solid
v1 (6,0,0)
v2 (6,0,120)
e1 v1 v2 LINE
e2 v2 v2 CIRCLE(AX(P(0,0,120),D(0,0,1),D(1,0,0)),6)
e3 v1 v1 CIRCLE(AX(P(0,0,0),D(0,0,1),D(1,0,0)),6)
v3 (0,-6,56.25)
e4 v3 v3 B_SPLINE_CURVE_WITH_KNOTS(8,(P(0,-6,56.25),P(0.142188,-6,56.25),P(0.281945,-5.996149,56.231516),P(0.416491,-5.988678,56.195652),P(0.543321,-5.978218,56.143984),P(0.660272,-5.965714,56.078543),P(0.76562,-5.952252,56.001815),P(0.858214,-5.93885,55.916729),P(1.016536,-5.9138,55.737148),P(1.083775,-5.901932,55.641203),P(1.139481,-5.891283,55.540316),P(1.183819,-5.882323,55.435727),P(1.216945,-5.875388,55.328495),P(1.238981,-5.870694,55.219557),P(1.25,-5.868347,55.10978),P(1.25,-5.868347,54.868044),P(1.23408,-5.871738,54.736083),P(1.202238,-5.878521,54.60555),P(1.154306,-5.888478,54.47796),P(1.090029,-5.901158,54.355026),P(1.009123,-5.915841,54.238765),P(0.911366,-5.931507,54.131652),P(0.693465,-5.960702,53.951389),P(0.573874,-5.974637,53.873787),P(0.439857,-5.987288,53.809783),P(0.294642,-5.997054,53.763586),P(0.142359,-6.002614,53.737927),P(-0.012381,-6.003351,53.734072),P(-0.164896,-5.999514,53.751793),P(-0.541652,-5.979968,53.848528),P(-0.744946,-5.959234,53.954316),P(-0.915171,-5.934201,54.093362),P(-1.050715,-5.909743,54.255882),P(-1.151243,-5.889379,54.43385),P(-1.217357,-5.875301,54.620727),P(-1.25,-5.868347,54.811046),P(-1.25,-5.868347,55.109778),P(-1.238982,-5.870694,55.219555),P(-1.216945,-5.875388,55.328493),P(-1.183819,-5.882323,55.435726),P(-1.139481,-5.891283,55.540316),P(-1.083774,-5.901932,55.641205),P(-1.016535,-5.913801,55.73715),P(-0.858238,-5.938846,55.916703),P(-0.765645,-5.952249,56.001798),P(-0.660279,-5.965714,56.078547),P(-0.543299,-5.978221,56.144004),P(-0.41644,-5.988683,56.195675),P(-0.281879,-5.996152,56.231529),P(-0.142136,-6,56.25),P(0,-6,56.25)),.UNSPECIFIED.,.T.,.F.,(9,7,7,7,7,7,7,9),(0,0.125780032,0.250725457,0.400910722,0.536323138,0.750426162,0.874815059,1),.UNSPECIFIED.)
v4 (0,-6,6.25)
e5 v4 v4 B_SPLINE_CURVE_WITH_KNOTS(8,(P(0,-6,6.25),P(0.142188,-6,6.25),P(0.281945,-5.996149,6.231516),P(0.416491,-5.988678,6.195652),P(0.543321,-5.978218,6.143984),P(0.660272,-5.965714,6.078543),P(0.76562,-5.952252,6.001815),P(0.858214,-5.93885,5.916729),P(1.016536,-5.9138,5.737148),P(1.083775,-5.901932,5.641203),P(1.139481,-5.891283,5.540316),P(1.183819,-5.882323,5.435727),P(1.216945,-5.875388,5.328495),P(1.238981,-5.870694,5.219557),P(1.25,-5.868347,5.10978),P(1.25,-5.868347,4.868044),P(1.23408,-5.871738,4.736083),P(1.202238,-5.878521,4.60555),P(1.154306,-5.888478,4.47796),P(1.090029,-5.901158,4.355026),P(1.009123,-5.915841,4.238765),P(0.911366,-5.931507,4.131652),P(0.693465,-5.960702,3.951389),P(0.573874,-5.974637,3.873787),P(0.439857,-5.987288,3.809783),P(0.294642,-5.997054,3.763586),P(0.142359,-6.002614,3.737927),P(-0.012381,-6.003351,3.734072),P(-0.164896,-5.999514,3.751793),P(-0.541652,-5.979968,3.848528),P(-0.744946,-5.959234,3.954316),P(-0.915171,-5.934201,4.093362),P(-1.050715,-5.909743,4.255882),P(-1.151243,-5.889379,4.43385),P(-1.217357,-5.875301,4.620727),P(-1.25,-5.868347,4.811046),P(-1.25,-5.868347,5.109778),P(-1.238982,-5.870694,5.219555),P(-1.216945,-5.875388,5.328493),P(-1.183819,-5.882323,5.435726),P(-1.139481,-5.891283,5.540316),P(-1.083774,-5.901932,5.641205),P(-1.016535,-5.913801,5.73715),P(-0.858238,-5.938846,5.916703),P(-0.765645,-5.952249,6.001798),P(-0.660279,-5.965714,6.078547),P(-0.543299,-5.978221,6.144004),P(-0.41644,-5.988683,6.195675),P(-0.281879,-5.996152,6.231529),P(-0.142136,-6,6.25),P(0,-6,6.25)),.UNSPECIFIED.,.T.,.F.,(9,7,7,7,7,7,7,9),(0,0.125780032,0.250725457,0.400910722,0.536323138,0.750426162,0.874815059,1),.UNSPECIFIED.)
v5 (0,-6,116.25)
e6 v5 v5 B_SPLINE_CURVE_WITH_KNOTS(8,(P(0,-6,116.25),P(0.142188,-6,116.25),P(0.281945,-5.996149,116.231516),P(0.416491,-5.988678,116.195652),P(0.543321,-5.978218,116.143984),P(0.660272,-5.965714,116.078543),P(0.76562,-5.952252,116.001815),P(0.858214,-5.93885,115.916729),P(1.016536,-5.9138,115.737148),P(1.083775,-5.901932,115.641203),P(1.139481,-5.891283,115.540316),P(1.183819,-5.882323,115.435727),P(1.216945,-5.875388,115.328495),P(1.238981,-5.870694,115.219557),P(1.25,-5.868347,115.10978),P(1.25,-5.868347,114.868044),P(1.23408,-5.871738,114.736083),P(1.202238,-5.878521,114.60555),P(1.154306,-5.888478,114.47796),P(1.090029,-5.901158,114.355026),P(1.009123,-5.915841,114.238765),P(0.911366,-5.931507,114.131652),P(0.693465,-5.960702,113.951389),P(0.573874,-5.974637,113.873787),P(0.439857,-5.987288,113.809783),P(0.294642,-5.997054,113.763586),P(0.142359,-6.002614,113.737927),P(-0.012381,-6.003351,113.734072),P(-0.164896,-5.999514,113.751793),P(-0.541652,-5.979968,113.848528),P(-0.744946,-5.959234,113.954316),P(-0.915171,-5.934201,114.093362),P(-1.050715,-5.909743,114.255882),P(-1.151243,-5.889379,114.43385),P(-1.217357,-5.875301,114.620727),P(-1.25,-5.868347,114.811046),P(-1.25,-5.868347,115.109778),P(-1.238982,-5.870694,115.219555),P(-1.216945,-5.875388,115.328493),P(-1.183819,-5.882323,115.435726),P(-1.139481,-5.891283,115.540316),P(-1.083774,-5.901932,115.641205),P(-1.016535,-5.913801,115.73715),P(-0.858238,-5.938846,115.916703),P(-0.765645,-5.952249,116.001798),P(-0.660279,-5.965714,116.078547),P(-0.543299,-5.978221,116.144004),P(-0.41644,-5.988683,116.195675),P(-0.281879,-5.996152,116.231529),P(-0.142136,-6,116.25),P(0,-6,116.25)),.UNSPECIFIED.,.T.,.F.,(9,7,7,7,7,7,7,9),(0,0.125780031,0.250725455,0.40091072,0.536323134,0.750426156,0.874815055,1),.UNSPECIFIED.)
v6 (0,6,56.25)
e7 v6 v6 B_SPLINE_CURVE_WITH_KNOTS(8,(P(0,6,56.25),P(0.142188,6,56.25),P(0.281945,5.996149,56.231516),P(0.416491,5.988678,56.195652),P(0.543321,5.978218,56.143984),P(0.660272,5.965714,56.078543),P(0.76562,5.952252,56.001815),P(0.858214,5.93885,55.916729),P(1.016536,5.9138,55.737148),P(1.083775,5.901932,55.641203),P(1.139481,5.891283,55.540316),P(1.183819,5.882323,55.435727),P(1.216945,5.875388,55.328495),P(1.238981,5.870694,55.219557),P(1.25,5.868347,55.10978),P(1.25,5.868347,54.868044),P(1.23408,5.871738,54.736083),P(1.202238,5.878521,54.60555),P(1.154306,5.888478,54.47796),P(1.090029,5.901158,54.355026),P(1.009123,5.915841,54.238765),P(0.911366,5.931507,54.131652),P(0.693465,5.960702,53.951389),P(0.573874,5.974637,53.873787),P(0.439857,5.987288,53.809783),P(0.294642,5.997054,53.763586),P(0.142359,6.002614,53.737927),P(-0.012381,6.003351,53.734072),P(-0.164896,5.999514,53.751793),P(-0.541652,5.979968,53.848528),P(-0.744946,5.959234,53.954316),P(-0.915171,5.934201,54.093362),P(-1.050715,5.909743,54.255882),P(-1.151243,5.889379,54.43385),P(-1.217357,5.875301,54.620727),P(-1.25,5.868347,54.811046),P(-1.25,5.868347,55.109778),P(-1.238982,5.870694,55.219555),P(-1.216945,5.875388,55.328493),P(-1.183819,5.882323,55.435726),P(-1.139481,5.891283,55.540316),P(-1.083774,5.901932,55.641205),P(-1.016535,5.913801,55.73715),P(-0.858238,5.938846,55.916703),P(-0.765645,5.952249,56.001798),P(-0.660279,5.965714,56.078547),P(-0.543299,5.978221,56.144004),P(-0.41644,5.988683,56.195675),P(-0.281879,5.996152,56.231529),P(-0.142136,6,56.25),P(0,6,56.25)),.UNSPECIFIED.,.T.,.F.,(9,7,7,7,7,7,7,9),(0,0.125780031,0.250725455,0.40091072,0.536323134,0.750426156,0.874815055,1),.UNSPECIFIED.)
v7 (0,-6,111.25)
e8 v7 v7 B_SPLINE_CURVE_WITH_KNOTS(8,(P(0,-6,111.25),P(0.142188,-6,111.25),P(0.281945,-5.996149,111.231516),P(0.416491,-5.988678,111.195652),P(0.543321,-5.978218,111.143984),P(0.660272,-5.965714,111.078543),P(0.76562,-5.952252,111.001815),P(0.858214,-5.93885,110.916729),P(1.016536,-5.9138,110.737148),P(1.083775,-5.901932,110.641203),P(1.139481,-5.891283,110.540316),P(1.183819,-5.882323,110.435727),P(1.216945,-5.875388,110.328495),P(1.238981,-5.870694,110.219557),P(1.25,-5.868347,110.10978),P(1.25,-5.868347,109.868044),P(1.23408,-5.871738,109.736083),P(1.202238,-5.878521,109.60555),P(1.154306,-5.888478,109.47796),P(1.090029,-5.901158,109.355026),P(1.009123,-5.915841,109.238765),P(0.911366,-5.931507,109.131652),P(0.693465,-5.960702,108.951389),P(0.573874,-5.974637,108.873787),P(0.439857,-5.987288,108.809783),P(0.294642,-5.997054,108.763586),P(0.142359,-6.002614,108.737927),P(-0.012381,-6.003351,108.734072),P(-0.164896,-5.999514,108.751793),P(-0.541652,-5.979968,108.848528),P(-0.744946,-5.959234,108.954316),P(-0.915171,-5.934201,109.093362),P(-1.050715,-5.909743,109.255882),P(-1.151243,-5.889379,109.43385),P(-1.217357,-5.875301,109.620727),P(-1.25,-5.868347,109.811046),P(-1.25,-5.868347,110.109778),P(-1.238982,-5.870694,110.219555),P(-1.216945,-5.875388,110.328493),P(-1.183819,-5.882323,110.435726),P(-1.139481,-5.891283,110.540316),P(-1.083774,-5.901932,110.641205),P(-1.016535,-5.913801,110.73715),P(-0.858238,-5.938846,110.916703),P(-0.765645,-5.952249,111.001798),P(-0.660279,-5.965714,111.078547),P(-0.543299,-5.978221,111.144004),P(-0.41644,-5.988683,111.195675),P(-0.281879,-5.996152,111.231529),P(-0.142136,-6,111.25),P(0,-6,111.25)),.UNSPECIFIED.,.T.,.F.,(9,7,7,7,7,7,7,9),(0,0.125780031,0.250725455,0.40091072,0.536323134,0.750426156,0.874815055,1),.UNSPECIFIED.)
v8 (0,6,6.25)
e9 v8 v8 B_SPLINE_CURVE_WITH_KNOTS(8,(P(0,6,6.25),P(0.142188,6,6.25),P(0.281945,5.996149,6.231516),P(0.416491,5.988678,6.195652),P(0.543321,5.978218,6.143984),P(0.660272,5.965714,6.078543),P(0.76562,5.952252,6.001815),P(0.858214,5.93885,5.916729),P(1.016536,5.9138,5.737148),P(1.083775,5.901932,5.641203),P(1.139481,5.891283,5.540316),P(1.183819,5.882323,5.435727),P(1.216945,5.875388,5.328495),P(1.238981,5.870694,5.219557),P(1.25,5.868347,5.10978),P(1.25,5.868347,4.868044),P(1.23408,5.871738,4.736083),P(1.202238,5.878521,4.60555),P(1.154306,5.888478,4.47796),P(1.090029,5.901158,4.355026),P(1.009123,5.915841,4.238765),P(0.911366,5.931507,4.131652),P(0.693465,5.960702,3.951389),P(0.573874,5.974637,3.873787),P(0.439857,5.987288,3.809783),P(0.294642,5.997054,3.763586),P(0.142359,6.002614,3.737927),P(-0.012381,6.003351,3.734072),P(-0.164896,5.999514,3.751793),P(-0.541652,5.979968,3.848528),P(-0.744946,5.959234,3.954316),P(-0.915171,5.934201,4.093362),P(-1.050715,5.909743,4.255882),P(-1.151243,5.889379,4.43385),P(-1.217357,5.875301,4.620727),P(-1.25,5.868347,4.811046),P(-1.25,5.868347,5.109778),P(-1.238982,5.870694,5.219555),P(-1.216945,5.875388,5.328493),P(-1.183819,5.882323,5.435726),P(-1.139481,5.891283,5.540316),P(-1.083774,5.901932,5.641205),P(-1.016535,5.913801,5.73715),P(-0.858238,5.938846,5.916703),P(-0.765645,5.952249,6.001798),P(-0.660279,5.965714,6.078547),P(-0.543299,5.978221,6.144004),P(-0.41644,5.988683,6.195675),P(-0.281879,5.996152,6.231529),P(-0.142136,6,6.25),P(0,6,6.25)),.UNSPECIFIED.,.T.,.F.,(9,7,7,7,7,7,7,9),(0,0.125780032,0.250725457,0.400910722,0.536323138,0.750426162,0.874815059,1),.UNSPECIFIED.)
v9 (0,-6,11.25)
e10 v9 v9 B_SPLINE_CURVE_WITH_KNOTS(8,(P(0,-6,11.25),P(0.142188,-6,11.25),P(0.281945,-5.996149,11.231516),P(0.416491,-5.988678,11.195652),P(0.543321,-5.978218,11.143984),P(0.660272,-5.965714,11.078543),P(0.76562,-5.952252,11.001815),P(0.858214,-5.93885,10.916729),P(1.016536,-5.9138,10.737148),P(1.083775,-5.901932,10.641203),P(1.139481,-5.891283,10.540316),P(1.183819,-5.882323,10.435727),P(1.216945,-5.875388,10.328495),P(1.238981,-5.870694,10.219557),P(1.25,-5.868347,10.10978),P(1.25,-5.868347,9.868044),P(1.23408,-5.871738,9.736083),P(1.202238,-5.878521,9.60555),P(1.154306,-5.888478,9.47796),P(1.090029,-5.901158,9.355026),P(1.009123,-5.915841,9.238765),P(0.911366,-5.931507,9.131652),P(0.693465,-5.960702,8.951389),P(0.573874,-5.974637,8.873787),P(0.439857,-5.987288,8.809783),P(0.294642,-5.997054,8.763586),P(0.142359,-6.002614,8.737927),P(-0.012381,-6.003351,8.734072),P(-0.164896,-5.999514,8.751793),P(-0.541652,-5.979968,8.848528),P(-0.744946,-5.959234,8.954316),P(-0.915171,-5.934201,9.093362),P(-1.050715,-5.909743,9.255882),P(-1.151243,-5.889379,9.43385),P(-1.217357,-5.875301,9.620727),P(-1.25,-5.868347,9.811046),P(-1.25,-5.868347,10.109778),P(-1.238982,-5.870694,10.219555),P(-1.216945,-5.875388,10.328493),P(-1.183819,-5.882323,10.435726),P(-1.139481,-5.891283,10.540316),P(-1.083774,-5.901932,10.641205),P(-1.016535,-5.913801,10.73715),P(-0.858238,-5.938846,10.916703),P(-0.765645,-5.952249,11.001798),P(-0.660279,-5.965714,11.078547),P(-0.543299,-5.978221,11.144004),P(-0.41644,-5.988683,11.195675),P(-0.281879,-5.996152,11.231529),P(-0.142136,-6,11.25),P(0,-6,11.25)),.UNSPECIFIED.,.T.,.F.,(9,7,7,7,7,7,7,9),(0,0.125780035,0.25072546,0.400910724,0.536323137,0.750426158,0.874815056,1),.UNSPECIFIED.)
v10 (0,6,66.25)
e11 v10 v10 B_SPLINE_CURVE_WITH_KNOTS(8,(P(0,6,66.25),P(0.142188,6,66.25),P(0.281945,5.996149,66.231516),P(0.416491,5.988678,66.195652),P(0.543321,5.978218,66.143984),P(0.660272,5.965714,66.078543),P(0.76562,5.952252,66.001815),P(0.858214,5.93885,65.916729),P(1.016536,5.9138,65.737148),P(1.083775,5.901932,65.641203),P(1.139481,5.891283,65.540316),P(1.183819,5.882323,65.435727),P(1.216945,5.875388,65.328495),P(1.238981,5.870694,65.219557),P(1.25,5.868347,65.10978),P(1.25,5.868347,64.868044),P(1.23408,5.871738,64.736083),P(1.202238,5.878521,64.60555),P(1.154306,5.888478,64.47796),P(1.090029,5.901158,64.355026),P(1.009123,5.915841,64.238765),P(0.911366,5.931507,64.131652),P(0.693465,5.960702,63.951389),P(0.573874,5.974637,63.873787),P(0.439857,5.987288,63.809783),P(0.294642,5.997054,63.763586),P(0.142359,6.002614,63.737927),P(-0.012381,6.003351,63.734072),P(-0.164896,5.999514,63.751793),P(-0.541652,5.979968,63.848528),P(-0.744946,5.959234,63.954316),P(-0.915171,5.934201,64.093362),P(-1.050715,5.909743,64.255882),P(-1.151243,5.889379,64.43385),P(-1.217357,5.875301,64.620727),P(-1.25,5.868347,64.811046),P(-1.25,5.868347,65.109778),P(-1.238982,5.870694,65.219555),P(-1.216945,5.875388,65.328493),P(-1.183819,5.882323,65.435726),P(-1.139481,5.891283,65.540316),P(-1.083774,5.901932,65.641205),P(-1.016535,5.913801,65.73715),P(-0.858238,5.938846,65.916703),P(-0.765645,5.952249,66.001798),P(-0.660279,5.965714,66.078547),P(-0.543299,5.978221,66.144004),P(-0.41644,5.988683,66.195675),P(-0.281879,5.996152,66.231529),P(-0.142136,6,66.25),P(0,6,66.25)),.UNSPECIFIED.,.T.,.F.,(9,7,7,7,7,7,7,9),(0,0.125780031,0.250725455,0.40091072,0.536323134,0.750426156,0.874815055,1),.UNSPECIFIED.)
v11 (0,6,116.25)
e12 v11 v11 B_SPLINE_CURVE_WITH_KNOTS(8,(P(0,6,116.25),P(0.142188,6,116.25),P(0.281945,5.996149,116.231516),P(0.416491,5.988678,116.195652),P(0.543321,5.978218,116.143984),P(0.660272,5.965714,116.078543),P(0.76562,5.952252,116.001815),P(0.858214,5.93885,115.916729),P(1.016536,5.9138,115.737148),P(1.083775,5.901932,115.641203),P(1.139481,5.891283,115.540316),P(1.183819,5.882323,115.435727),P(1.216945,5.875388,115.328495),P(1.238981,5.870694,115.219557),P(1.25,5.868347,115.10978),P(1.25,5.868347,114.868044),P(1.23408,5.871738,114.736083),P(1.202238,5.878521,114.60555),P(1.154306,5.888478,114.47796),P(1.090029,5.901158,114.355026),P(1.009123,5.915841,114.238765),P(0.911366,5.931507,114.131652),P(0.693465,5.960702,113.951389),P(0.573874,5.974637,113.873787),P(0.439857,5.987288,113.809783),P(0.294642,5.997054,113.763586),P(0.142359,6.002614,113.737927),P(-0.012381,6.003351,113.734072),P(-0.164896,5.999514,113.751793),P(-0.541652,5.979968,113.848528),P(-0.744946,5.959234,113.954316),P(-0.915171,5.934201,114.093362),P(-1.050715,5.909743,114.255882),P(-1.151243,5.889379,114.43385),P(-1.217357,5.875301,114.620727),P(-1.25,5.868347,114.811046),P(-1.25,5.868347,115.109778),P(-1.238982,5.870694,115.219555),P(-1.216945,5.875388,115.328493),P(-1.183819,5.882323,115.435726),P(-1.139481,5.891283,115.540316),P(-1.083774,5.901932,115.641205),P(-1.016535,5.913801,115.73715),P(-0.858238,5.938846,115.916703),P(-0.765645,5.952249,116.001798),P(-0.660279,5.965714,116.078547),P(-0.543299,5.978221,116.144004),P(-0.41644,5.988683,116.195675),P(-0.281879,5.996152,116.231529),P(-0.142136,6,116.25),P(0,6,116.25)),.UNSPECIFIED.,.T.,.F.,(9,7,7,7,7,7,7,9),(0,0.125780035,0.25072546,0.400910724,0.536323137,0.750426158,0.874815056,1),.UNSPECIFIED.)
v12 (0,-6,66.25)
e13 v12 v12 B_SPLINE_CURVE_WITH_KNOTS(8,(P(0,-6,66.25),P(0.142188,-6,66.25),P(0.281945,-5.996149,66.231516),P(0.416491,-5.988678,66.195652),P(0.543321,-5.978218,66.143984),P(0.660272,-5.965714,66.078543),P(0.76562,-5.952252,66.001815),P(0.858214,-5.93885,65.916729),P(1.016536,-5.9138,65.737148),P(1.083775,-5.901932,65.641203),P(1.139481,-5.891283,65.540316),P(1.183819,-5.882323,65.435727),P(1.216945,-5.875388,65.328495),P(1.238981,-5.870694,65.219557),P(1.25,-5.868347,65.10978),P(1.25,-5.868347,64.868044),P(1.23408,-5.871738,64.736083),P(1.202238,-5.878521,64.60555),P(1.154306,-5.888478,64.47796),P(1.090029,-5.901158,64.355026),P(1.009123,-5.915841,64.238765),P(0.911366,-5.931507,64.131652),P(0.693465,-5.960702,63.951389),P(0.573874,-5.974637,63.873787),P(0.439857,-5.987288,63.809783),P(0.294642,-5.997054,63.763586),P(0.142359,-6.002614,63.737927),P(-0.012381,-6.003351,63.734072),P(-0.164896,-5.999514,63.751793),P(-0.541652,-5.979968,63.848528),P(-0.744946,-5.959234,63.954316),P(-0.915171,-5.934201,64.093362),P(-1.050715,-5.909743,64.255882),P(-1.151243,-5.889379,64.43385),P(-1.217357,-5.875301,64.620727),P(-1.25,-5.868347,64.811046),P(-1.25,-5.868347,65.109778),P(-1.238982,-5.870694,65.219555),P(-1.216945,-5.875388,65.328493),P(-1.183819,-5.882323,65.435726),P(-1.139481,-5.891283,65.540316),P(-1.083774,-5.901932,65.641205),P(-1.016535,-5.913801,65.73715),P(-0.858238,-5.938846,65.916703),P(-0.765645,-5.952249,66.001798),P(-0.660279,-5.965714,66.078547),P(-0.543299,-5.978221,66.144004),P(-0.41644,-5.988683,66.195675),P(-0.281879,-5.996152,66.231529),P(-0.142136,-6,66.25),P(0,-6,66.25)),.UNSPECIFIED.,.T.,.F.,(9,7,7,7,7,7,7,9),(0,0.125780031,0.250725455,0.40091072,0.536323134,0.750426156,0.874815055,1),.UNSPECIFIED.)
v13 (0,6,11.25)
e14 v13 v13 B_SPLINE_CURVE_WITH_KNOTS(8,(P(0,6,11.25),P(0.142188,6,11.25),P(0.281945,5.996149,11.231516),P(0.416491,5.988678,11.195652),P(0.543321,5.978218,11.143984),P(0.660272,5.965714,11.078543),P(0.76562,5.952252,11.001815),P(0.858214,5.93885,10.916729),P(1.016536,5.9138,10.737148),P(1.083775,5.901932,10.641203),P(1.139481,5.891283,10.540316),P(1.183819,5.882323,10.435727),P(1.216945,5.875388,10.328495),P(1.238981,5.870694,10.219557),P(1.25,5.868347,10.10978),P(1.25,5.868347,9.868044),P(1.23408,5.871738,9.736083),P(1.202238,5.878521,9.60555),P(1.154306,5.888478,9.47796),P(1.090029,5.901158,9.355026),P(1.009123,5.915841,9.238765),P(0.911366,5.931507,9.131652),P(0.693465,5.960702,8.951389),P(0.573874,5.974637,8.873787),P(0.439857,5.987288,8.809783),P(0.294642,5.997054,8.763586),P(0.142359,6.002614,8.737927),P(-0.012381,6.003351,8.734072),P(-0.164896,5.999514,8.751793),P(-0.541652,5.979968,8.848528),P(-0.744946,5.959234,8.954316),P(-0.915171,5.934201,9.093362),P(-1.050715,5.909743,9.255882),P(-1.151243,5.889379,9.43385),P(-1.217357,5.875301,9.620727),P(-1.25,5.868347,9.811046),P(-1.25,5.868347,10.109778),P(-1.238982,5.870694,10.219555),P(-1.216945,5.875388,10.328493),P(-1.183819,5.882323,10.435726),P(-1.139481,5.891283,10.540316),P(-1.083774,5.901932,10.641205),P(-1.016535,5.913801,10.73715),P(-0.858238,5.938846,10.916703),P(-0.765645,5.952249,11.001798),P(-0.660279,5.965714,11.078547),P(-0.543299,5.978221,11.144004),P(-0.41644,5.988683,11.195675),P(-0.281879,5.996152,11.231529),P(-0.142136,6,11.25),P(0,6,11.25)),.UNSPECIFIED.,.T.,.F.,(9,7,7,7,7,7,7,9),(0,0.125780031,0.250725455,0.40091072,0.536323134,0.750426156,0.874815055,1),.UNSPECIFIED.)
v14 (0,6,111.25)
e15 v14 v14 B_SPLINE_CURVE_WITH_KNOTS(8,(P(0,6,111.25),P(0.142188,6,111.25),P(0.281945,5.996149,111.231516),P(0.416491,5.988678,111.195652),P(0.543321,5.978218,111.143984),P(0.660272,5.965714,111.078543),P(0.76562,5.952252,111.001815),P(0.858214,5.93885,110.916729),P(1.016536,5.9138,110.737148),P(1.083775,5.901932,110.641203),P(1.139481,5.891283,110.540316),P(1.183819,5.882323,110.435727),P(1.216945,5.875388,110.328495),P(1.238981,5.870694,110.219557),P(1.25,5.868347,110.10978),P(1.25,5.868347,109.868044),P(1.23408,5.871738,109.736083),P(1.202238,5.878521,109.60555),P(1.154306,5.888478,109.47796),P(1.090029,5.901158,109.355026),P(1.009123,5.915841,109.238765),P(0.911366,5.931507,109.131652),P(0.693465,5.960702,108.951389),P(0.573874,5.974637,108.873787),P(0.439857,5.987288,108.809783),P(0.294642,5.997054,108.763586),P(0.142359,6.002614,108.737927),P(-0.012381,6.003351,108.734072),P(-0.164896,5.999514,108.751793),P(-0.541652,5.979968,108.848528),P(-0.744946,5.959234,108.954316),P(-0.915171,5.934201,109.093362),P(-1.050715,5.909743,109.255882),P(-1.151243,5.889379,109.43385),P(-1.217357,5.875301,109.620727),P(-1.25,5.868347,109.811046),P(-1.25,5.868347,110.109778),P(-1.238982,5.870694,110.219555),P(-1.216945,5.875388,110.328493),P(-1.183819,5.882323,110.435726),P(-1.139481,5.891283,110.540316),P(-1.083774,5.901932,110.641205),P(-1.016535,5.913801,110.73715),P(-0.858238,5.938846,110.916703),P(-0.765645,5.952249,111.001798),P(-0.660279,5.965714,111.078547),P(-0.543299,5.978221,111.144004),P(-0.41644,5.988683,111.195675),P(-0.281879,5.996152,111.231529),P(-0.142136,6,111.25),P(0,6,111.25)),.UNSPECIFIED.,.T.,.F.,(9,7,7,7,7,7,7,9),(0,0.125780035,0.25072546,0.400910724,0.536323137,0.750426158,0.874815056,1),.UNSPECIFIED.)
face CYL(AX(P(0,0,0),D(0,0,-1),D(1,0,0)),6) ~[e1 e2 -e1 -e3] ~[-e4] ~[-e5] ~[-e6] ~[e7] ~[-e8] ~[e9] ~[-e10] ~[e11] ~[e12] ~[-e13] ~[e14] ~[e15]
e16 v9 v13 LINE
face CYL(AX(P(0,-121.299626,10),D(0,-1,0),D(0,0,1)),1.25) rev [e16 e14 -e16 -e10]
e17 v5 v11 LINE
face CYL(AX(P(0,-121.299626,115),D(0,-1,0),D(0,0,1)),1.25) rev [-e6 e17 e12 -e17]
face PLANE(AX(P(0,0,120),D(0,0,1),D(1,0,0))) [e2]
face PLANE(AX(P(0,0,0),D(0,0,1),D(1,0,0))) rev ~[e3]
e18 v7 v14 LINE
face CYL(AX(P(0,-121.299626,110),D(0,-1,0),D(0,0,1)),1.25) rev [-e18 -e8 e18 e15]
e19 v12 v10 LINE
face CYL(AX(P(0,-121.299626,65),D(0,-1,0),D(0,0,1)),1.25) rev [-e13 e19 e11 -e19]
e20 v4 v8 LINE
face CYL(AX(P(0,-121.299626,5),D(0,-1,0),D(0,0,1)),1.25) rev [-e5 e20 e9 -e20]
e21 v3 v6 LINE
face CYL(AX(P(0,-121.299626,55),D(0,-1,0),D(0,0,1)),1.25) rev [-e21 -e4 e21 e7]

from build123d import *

# Parameters (mm, degrees)
SKETCH1_R               = 6
BOSS_EXTRUDE1_DEPTH     = 120
CUT_EXTRUDE2_DEPTH      = 121.299625935
CUT_EXTRUDE2_DEPTH_BACK = 121.299625935
SKETCH12_R              = 1.25


with BuildPart() as part:
    # Sketch1 → Boss-Extrude1 (new body)
    with BuildSketch(Plane.XY):
        Circle(SKETCH1_R)
    extrude(amount=BOSS_EXTRUDE1_DEPTH)

    # Sketch12 → Cut-Extrude2 (cut, two sides: drawn at the far end of the back side and taken through both)
    with BuildSketch(Plane(origin=(0, 0, 0), x_dir=(1, 0, 0), z_dir=(0, 1, 0)).offset(-CUT_EXTRUDE2_DEPTH_BACK)):
        with Locations(Location((0, -5, 0), (0, 0, 270))):
            Circle(SKETCH12_R)
        with Locations(Location((0, -10, 0), (0, 0, 270))):
            Circle(SKETCH12_R)
        with Locations(Location((0, -65, 0), (0, 0, 270))):
            Circle(SKETCH12_R)
        with Locations(Location((0, -55, 0), (0, 0, 270))):
            Circle(SKETCH12_R)
        with Locations(Location((0, -110, 0), (0, 0, 270))):
            Circle(SKETCH12_R)
        with Locations(Location((0, -115, 0), (0, 0, 270))):
            Circle(SKETCH12_R)
    extrude(amount=CUT_EXTRUDE2_DEPTH + CUT_EXTRUDE2_DEPTH_BACK, mode=Mode.SUBTRACT)


solid = part.part
